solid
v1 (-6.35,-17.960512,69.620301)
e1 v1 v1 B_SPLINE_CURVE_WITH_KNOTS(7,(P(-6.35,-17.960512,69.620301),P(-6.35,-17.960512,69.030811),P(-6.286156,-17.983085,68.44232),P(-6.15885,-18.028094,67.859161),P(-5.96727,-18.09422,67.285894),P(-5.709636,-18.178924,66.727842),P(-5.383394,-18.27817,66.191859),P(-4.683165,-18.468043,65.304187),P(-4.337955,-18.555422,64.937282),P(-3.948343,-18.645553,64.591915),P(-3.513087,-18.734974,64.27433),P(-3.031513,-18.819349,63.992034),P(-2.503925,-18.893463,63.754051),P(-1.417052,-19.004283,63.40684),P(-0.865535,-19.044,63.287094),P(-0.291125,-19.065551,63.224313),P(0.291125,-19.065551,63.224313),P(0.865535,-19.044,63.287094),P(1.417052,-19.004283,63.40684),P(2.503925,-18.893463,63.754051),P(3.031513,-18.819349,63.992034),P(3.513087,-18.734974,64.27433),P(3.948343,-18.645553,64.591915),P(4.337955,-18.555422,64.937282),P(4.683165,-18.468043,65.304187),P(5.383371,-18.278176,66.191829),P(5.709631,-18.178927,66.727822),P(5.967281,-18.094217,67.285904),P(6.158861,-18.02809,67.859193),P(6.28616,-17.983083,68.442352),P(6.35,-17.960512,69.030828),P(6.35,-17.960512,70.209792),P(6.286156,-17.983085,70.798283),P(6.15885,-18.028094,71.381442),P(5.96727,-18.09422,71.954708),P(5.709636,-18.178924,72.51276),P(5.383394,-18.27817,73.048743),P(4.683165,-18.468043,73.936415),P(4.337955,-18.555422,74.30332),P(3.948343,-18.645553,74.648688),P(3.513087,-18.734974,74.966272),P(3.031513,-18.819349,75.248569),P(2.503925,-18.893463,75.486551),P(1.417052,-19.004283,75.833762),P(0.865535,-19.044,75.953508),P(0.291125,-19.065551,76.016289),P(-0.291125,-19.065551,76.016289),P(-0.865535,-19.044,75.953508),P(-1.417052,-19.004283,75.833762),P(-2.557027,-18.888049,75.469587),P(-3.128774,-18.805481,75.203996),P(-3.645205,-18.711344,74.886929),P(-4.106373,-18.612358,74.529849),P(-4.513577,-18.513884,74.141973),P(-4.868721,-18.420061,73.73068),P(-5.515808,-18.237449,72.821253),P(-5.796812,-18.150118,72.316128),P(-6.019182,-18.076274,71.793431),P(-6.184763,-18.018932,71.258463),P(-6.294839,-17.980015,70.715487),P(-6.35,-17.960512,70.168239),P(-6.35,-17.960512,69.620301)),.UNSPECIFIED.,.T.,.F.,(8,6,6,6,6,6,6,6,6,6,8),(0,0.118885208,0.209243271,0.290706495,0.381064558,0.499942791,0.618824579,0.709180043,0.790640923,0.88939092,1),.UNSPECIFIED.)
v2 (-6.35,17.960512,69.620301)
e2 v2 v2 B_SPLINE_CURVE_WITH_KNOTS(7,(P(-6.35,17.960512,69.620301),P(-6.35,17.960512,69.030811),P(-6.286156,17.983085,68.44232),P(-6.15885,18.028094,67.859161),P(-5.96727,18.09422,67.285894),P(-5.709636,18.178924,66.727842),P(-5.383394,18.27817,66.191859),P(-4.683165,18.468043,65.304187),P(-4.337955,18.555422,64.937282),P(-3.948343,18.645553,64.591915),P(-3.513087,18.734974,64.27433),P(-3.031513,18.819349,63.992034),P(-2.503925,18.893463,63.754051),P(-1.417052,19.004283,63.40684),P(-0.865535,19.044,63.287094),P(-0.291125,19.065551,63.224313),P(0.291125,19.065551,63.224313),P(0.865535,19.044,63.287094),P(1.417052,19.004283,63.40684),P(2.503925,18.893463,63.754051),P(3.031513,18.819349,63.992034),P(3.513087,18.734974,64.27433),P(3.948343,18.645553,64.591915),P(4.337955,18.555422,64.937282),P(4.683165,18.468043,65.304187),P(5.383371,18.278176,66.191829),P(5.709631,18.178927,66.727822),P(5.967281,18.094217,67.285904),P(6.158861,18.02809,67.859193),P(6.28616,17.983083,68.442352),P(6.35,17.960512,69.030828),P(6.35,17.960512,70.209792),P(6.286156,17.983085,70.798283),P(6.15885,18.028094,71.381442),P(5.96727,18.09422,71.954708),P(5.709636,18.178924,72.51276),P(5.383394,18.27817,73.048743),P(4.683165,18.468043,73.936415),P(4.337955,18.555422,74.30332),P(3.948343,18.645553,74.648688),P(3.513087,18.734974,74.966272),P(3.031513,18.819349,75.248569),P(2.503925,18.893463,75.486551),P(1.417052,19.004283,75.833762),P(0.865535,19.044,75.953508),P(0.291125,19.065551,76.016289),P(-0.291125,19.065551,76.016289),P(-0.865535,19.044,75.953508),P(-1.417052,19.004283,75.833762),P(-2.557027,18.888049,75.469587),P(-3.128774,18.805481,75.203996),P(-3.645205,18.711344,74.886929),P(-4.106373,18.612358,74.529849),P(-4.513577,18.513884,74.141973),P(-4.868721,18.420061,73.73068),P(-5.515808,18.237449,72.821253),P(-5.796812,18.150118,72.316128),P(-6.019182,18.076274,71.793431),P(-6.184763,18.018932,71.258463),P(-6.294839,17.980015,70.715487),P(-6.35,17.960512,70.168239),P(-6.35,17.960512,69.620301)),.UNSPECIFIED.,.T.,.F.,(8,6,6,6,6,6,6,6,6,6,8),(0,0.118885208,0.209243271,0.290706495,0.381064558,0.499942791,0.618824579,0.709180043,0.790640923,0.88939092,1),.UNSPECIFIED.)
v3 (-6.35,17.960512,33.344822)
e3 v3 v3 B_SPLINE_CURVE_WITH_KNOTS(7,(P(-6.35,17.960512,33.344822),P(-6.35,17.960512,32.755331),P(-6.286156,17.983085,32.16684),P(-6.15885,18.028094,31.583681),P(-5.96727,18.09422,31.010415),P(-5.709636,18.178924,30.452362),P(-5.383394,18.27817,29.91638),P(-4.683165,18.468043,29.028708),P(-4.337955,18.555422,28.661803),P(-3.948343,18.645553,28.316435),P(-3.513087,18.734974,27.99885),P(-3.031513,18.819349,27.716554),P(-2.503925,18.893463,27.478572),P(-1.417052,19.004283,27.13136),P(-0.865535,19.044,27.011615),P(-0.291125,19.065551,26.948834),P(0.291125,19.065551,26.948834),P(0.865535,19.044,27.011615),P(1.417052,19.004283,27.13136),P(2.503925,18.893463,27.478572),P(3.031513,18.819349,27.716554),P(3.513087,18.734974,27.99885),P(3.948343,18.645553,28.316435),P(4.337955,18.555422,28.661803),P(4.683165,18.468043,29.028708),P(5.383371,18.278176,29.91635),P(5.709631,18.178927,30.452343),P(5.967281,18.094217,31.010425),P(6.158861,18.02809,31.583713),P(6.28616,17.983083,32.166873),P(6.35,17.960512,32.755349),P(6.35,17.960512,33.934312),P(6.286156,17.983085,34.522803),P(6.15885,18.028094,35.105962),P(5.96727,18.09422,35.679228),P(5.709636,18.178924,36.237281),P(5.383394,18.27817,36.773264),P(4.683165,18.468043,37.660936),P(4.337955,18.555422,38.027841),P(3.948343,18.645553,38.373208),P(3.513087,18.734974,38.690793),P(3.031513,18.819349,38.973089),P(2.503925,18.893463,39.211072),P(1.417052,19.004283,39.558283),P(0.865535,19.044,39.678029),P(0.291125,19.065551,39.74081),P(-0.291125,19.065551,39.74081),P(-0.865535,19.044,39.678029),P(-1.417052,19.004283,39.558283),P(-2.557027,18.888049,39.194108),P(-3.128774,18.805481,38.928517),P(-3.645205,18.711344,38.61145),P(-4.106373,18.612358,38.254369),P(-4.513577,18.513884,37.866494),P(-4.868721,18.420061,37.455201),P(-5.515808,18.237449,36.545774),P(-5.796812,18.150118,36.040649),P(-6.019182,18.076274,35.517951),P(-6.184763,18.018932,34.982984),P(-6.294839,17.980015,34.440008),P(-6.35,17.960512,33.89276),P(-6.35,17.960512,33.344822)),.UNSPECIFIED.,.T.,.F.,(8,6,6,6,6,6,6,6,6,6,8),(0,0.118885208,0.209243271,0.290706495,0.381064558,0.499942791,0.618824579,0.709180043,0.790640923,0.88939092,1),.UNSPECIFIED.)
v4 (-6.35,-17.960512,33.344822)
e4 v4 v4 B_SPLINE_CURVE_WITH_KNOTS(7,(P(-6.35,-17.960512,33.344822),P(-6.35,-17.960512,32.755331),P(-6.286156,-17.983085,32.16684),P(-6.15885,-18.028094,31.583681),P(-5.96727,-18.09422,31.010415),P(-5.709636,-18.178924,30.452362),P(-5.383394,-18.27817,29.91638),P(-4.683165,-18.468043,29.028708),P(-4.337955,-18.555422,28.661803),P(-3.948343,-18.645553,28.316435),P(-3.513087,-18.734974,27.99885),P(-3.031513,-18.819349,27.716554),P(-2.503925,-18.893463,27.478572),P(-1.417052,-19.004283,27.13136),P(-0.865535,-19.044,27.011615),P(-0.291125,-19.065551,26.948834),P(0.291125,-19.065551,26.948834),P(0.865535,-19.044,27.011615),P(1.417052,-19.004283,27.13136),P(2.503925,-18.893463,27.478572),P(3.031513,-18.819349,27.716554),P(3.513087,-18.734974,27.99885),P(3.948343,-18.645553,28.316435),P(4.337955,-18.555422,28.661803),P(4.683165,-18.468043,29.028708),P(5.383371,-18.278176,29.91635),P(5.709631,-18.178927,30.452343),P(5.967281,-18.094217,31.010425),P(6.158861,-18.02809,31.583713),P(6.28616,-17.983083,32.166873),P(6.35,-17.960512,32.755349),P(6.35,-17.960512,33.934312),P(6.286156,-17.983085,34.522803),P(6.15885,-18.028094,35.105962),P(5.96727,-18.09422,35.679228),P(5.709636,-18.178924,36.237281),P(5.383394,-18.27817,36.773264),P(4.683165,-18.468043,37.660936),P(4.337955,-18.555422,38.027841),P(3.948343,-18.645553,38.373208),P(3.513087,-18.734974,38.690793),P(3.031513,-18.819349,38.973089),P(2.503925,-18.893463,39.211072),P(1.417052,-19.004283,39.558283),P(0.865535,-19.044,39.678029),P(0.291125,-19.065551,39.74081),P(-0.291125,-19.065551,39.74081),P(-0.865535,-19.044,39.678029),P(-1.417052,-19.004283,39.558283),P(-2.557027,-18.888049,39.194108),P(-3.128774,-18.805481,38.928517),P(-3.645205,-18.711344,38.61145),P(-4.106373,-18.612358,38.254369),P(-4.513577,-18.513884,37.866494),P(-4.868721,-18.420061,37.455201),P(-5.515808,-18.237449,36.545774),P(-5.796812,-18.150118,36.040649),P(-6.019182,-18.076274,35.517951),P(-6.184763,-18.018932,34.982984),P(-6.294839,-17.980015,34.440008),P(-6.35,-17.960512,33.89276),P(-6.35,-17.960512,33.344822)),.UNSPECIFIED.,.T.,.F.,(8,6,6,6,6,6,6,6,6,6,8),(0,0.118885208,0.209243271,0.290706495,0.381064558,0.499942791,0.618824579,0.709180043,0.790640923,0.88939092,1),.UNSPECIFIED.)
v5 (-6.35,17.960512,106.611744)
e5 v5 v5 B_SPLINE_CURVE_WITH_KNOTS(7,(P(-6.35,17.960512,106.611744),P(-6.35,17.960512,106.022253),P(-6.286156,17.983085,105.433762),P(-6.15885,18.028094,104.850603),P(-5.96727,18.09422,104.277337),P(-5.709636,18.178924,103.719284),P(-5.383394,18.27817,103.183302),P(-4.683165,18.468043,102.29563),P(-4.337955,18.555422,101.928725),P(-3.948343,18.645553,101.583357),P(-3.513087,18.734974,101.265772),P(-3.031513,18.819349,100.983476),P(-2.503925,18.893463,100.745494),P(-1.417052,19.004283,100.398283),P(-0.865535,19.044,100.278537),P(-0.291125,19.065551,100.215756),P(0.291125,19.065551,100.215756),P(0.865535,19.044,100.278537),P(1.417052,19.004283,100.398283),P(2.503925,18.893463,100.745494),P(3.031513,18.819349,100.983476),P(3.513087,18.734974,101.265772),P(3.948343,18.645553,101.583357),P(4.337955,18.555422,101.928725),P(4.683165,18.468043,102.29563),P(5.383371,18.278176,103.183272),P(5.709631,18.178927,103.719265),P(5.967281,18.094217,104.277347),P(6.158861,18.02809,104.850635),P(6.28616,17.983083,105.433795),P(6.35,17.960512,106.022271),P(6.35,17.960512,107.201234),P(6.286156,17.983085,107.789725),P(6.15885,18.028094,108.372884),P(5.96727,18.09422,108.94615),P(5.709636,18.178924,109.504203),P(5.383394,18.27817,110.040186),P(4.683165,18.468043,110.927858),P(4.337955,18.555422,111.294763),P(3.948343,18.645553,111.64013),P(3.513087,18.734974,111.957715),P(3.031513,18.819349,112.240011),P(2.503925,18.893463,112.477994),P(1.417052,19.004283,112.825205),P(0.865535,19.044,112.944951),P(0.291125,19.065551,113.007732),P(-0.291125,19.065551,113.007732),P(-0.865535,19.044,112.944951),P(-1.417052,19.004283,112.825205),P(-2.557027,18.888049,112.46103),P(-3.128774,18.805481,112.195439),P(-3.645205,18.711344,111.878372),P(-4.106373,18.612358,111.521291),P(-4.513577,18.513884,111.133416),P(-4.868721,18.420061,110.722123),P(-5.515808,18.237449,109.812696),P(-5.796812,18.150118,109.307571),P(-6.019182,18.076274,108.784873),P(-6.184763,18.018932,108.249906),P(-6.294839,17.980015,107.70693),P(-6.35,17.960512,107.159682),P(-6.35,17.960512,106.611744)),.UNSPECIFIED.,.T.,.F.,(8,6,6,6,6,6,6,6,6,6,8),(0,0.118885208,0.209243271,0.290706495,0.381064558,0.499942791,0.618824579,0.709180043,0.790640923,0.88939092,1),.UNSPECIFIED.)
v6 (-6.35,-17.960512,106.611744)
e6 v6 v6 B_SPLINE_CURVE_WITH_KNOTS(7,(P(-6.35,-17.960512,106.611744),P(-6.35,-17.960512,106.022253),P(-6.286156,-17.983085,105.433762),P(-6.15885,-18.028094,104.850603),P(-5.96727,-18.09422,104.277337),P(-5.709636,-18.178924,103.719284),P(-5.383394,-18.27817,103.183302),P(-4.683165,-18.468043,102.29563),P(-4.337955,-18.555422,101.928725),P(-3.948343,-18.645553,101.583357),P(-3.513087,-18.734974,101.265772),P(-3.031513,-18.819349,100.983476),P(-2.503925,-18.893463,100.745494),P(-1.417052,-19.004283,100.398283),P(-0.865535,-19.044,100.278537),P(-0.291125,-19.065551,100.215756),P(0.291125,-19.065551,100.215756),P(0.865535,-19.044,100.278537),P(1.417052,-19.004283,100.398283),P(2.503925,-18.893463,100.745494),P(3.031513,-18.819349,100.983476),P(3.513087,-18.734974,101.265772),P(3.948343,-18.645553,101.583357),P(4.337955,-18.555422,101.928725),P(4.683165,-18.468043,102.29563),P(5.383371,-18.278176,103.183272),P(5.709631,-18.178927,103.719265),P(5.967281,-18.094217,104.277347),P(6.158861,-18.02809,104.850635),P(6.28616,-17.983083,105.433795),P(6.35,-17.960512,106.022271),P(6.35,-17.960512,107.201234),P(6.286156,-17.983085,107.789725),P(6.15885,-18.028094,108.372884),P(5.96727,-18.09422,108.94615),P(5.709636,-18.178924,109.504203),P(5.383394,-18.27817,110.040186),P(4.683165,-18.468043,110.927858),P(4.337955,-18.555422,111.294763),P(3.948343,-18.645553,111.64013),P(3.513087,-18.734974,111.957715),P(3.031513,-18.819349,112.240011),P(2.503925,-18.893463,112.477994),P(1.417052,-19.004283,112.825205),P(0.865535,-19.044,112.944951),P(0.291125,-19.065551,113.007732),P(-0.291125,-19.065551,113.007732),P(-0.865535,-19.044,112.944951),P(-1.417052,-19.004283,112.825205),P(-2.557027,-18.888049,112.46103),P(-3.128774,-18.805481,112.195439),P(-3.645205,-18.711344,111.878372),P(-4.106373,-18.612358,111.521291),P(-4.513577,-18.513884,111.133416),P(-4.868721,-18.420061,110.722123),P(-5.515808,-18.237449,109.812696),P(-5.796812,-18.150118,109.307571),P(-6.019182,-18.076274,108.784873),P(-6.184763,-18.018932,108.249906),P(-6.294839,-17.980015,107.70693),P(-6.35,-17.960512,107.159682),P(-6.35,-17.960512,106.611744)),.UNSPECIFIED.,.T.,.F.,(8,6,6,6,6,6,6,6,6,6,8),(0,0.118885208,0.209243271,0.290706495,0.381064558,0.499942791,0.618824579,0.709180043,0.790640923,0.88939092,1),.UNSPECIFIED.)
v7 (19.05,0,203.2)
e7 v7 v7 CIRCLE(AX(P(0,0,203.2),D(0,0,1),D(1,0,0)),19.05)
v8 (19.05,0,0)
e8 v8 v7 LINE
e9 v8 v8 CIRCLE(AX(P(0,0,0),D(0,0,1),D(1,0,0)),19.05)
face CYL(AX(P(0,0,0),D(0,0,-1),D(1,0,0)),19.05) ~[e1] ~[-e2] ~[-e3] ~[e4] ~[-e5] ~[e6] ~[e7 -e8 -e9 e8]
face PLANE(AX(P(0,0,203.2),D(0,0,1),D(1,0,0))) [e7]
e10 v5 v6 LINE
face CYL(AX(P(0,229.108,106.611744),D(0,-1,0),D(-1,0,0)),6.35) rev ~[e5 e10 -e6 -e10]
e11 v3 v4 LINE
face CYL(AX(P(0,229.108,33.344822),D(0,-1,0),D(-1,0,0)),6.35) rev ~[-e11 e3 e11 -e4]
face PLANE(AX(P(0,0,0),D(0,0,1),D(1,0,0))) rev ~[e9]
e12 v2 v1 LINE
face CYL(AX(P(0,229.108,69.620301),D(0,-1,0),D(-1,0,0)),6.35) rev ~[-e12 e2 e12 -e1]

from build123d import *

# Parameters (mm, degrees)
SKETCH1_R                        = 19.05
BOSS_EXTRUDE1_DEPTH              = 203.2
F_97_0_0059_DIAMETER_HOLE1_D     = 12.7
F_97_0_0059_DIAMETER_HOLE1_DEPTH = 210.058
F_97_0_0059_DIAMETER_HOLE1_TIP   = 3.815464931


with BuildPart() as part:
    # Sketch1 → Boss-Extrude1 (new body)
    with BuildSketch(Plane.XY):
        Circle(SKETCH1_R)
    extrude(amount=BOSS_EXTRUDE1_DEPTH)

    # #97 (0.0059) Diameter Hole1
    with Locations(Plane(origin=(0, 19.05, 33.344821803), x_dir=(1, 0, 0), z_dir=(0, 1, 0))):
        with Locations((0, 0), (0, -36.275479321), (0, -73.266922051)):
            Hole(F_97_0_0059_DIAMETER_HOLE1_D / 2, depth=F_97_0_0059_DIAMETER_HOLE1_DEPTH)
            with Locations((0, 0, -(F_97_0_0059_DIAMETER_HOLE1_DEPTH + F_97_0_0059_DIAMETER_HOLE1_TIP / 2))):  # 118° drill point
                Cone(0, F_97_0_0059_DIAMETER_HOLE1_D / 2, F_97_0_0059_DIAMETER_HOLE1_TIP, mode=Mode.SUBTRACT)


solid = part.part
